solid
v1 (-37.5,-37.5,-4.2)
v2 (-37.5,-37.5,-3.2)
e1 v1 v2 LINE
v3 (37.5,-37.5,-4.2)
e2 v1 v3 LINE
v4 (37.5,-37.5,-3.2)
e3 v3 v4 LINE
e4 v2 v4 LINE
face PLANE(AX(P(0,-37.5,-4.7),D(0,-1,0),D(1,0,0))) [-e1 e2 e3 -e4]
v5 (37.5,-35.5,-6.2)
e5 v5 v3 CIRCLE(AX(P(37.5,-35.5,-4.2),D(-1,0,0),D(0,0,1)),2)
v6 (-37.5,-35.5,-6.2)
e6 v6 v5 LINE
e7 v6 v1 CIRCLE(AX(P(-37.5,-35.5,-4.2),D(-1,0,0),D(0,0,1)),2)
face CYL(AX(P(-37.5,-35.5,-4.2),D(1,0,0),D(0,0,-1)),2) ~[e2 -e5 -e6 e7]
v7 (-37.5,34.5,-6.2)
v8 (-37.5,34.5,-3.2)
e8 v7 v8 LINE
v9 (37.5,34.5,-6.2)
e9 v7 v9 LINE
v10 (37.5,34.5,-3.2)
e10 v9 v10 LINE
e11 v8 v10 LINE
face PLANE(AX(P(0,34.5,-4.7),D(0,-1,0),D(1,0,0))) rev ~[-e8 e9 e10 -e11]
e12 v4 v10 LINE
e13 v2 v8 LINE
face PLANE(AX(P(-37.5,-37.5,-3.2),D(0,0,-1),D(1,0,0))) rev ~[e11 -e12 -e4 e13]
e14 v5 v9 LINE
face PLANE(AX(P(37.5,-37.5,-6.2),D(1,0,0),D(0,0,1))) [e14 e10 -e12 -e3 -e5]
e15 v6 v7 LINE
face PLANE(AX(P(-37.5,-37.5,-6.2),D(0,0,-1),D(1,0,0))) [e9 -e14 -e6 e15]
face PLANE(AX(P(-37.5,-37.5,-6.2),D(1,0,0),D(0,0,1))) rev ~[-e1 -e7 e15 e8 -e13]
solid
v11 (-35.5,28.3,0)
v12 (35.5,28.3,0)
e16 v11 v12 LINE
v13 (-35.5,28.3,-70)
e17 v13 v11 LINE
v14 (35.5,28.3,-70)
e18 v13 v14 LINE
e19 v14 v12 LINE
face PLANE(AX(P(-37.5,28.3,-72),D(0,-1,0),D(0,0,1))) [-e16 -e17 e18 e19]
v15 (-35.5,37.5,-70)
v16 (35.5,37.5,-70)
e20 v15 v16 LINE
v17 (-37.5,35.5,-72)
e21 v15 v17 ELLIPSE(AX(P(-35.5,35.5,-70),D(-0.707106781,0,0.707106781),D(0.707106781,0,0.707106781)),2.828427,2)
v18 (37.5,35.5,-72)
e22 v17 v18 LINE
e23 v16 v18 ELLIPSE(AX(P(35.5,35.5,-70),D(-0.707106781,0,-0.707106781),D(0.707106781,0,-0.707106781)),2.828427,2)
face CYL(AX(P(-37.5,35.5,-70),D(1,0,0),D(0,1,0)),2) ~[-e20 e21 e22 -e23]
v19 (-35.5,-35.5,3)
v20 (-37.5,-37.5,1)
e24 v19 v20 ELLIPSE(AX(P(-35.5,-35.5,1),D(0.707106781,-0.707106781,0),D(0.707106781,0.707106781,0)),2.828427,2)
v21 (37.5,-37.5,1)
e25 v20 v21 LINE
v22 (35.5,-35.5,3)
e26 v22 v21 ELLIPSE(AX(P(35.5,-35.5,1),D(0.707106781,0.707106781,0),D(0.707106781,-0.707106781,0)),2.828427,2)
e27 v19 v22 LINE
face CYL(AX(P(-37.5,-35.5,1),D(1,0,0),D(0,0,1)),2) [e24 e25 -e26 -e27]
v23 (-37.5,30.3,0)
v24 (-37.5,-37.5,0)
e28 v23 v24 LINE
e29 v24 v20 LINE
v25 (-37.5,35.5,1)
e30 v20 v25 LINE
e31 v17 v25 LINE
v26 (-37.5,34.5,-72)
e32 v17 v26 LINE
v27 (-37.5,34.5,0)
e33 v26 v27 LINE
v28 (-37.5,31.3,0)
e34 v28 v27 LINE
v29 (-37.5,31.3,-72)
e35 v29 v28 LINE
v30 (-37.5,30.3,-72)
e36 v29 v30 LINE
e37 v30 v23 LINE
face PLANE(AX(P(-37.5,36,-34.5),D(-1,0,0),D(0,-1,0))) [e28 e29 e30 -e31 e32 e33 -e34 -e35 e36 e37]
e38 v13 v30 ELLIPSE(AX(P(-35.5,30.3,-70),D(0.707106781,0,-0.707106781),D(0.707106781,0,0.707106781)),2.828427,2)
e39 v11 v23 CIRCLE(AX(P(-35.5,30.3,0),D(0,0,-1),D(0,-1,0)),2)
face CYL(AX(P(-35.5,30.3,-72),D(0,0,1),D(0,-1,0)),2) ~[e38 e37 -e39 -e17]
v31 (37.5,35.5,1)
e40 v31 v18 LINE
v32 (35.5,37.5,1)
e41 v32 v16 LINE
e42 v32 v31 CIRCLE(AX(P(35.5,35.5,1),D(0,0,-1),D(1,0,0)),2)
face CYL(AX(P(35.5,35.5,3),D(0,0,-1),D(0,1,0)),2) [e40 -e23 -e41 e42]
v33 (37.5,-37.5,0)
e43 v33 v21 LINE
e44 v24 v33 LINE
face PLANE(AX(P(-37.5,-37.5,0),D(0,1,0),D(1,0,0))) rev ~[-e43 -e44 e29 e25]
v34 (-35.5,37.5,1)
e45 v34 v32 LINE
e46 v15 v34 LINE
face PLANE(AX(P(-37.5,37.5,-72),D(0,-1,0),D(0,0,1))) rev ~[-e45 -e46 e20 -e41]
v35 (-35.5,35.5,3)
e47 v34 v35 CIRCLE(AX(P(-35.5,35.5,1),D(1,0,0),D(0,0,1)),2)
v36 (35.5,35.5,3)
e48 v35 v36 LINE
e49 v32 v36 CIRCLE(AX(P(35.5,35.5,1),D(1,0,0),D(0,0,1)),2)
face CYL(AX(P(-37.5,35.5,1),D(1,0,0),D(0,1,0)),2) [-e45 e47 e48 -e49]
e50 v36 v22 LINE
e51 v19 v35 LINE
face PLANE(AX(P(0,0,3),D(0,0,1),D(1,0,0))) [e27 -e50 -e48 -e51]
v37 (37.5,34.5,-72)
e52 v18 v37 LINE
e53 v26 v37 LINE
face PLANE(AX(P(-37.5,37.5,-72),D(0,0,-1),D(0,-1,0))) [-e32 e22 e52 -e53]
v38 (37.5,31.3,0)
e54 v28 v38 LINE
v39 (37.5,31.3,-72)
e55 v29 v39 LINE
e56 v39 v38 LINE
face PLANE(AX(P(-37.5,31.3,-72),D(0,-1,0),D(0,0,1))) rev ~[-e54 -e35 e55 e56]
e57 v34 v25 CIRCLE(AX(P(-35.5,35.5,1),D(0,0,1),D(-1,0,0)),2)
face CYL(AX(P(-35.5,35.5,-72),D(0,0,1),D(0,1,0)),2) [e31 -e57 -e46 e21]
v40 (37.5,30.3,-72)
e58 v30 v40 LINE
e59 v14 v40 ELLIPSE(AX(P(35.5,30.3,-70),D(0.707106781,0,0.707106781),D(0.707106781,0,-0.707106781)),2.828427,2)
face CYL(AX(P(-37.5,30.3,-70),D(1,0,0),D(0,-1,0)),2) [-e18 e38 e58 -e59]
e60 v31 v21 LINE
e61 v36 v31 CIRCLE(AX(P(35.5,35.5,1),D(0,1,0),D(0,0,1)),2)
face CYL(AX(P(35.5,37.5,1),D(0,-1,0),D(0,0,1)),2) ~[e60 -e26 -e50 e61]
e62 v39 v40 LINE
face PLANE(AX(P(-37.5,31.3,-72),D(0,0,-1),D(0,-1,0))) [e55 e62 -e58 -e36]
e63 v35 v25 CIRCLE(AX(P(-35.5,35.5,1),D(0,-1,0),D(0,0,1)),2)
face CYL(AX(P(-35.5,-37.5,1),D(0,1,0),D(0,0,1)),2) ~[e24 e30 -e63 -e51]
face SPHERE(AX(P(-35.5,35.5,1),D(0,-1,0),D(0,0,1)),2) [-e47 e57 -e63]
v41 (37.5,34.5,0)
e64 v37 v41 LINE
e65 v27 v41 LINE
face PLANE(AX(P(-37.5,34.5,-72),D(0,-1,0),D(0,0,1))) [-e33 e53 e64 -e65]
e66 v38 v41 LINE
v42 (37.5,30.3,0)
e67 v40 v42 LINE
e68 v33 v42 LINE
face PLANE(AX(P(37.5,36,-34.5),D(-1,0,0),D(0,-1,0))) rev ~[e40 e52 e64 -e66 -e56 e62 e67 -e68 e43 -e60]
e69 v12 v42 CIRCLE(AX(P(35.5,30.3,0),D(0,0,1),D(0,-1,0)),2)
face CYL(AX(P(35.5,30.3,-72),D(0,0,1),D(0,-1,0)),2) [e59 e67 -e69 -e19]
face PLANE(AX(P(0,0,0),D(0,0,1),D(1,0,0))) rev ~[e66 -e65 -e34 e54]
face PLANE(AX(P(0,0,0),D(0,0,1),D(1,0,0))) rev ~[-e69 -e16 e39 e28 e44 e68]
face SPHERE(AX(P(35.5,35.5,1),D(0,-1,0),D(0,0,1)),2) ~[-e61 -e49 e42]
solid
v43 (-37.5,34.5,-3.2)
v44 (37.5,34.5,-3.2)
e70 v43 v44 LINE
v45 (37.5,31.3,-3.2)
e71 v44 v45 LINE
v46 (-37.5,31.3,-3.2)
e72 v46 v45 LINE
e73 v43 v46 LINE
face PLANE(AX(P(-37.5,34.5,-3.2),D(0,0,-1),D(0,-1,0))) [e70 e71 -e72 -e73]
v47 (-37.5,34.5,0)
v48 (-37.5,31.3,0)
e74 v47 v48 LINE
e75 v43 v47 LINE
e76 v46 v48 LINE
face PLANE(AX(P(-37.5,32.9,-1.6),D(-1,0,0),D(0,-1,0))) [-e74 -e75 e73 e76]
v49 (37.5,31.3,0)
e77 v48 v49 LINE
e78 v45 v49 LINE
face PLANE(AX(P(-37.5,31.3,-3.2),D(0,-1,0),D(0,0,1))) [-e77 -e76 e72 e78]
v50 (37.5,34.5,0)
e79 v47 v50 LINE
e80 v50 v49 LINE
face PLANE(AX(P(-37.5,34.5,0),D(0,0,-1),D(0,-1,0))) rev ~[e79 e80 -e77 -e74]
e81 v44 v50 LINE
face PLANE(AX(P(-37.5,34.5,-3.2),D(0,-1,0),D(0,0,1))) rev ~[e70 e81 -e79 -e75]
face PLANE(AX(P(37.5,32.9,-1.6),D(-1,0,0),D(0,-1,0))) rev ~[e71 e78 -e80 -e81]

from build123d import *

# Parameters (mm, degrees)
F0_W     = 75
F0_H     = 75
F1_DEPTH = 3
F2_W     = 3
F2_H     = 75
F3_DEPTH = 75
F4_W     = 75
F4_H     = 3
F5_DEPTH = 72
F6_W     = 3.2
F6_H     = 3.2
F7_DEPTH = 75
F8_R     = 2
F8_2_R   = 2


with BuildPart() as f1:
    # F0 (on Top) → F1 (new body)
    with BuildSketch(Plane.XY):
        Rectangle(F0_W, F0_H)
    extrude(amount=F1_DEPTH)

    # F2 (on face) → F3 (join, through all)
    with BuildSketch(Plane(origin=(-37.5, 0, 0), x_dir=(0, -1, 0), z_dir=(-1, 0, 0))):
        with Locations((-36, -34.5)):
            Rectangle(F2_W, F2_H)
        with Locations((-29.8, -34.5)):
            Rectangle(F2_W, F2_H)
    extrude(amount=-F3_DEPTH)

    # F8
    f8_edges = [f1.edges().sort_by_distance(p)[0] for p in [
        (-37.5, 0, 3),
        (0, -37.5, 3),
        (37.5, 0, 3),
        (0, 37.5, 3),
        (-37.5, 37.5, -34.5),
        (0, 37.5, -72),
        (37.5, 37.5, -34.5),
        (0, 28.3, -72),
        (37.5, 28.3, -36),
        (-37.5, 28.3, -36),
    ]]
    fillet(f8_edges, radius=F8_R)


with BuildPart() as f5:
    # F4 (on face) → F5 (new body, through all)
    with BuildSketch(Plane.XZ.offset(37.5)):
        with Locations((0, -4.7)):
            Rectangle(F4_W, F4_H)
    extrude(amount=-F5_DEPTH)

    # F8#2
    f8_2_edges = [f5.edges().sort_by_distance(p)[0] for p in [
        (0, -37.5, -6.2),
    ]]
    fillet(f8_2_edges, radius=F8_2_R)


with BuildPart() as f7:
    # F6 (on face) → F7 (new body, through all)
    with BuildSketch(Plane(origin=(-37.5, 0, 0), x_dir=(0, -1, 0), z_dir=(-1, 0, 0))):
        with Locations((-32.9, -1.6)):
            Rectangle(F6_W, F6_H)
    extrude(amount=-F7_DEPTH)


solid = Compound([f1.part, f5.part, f7.part])
